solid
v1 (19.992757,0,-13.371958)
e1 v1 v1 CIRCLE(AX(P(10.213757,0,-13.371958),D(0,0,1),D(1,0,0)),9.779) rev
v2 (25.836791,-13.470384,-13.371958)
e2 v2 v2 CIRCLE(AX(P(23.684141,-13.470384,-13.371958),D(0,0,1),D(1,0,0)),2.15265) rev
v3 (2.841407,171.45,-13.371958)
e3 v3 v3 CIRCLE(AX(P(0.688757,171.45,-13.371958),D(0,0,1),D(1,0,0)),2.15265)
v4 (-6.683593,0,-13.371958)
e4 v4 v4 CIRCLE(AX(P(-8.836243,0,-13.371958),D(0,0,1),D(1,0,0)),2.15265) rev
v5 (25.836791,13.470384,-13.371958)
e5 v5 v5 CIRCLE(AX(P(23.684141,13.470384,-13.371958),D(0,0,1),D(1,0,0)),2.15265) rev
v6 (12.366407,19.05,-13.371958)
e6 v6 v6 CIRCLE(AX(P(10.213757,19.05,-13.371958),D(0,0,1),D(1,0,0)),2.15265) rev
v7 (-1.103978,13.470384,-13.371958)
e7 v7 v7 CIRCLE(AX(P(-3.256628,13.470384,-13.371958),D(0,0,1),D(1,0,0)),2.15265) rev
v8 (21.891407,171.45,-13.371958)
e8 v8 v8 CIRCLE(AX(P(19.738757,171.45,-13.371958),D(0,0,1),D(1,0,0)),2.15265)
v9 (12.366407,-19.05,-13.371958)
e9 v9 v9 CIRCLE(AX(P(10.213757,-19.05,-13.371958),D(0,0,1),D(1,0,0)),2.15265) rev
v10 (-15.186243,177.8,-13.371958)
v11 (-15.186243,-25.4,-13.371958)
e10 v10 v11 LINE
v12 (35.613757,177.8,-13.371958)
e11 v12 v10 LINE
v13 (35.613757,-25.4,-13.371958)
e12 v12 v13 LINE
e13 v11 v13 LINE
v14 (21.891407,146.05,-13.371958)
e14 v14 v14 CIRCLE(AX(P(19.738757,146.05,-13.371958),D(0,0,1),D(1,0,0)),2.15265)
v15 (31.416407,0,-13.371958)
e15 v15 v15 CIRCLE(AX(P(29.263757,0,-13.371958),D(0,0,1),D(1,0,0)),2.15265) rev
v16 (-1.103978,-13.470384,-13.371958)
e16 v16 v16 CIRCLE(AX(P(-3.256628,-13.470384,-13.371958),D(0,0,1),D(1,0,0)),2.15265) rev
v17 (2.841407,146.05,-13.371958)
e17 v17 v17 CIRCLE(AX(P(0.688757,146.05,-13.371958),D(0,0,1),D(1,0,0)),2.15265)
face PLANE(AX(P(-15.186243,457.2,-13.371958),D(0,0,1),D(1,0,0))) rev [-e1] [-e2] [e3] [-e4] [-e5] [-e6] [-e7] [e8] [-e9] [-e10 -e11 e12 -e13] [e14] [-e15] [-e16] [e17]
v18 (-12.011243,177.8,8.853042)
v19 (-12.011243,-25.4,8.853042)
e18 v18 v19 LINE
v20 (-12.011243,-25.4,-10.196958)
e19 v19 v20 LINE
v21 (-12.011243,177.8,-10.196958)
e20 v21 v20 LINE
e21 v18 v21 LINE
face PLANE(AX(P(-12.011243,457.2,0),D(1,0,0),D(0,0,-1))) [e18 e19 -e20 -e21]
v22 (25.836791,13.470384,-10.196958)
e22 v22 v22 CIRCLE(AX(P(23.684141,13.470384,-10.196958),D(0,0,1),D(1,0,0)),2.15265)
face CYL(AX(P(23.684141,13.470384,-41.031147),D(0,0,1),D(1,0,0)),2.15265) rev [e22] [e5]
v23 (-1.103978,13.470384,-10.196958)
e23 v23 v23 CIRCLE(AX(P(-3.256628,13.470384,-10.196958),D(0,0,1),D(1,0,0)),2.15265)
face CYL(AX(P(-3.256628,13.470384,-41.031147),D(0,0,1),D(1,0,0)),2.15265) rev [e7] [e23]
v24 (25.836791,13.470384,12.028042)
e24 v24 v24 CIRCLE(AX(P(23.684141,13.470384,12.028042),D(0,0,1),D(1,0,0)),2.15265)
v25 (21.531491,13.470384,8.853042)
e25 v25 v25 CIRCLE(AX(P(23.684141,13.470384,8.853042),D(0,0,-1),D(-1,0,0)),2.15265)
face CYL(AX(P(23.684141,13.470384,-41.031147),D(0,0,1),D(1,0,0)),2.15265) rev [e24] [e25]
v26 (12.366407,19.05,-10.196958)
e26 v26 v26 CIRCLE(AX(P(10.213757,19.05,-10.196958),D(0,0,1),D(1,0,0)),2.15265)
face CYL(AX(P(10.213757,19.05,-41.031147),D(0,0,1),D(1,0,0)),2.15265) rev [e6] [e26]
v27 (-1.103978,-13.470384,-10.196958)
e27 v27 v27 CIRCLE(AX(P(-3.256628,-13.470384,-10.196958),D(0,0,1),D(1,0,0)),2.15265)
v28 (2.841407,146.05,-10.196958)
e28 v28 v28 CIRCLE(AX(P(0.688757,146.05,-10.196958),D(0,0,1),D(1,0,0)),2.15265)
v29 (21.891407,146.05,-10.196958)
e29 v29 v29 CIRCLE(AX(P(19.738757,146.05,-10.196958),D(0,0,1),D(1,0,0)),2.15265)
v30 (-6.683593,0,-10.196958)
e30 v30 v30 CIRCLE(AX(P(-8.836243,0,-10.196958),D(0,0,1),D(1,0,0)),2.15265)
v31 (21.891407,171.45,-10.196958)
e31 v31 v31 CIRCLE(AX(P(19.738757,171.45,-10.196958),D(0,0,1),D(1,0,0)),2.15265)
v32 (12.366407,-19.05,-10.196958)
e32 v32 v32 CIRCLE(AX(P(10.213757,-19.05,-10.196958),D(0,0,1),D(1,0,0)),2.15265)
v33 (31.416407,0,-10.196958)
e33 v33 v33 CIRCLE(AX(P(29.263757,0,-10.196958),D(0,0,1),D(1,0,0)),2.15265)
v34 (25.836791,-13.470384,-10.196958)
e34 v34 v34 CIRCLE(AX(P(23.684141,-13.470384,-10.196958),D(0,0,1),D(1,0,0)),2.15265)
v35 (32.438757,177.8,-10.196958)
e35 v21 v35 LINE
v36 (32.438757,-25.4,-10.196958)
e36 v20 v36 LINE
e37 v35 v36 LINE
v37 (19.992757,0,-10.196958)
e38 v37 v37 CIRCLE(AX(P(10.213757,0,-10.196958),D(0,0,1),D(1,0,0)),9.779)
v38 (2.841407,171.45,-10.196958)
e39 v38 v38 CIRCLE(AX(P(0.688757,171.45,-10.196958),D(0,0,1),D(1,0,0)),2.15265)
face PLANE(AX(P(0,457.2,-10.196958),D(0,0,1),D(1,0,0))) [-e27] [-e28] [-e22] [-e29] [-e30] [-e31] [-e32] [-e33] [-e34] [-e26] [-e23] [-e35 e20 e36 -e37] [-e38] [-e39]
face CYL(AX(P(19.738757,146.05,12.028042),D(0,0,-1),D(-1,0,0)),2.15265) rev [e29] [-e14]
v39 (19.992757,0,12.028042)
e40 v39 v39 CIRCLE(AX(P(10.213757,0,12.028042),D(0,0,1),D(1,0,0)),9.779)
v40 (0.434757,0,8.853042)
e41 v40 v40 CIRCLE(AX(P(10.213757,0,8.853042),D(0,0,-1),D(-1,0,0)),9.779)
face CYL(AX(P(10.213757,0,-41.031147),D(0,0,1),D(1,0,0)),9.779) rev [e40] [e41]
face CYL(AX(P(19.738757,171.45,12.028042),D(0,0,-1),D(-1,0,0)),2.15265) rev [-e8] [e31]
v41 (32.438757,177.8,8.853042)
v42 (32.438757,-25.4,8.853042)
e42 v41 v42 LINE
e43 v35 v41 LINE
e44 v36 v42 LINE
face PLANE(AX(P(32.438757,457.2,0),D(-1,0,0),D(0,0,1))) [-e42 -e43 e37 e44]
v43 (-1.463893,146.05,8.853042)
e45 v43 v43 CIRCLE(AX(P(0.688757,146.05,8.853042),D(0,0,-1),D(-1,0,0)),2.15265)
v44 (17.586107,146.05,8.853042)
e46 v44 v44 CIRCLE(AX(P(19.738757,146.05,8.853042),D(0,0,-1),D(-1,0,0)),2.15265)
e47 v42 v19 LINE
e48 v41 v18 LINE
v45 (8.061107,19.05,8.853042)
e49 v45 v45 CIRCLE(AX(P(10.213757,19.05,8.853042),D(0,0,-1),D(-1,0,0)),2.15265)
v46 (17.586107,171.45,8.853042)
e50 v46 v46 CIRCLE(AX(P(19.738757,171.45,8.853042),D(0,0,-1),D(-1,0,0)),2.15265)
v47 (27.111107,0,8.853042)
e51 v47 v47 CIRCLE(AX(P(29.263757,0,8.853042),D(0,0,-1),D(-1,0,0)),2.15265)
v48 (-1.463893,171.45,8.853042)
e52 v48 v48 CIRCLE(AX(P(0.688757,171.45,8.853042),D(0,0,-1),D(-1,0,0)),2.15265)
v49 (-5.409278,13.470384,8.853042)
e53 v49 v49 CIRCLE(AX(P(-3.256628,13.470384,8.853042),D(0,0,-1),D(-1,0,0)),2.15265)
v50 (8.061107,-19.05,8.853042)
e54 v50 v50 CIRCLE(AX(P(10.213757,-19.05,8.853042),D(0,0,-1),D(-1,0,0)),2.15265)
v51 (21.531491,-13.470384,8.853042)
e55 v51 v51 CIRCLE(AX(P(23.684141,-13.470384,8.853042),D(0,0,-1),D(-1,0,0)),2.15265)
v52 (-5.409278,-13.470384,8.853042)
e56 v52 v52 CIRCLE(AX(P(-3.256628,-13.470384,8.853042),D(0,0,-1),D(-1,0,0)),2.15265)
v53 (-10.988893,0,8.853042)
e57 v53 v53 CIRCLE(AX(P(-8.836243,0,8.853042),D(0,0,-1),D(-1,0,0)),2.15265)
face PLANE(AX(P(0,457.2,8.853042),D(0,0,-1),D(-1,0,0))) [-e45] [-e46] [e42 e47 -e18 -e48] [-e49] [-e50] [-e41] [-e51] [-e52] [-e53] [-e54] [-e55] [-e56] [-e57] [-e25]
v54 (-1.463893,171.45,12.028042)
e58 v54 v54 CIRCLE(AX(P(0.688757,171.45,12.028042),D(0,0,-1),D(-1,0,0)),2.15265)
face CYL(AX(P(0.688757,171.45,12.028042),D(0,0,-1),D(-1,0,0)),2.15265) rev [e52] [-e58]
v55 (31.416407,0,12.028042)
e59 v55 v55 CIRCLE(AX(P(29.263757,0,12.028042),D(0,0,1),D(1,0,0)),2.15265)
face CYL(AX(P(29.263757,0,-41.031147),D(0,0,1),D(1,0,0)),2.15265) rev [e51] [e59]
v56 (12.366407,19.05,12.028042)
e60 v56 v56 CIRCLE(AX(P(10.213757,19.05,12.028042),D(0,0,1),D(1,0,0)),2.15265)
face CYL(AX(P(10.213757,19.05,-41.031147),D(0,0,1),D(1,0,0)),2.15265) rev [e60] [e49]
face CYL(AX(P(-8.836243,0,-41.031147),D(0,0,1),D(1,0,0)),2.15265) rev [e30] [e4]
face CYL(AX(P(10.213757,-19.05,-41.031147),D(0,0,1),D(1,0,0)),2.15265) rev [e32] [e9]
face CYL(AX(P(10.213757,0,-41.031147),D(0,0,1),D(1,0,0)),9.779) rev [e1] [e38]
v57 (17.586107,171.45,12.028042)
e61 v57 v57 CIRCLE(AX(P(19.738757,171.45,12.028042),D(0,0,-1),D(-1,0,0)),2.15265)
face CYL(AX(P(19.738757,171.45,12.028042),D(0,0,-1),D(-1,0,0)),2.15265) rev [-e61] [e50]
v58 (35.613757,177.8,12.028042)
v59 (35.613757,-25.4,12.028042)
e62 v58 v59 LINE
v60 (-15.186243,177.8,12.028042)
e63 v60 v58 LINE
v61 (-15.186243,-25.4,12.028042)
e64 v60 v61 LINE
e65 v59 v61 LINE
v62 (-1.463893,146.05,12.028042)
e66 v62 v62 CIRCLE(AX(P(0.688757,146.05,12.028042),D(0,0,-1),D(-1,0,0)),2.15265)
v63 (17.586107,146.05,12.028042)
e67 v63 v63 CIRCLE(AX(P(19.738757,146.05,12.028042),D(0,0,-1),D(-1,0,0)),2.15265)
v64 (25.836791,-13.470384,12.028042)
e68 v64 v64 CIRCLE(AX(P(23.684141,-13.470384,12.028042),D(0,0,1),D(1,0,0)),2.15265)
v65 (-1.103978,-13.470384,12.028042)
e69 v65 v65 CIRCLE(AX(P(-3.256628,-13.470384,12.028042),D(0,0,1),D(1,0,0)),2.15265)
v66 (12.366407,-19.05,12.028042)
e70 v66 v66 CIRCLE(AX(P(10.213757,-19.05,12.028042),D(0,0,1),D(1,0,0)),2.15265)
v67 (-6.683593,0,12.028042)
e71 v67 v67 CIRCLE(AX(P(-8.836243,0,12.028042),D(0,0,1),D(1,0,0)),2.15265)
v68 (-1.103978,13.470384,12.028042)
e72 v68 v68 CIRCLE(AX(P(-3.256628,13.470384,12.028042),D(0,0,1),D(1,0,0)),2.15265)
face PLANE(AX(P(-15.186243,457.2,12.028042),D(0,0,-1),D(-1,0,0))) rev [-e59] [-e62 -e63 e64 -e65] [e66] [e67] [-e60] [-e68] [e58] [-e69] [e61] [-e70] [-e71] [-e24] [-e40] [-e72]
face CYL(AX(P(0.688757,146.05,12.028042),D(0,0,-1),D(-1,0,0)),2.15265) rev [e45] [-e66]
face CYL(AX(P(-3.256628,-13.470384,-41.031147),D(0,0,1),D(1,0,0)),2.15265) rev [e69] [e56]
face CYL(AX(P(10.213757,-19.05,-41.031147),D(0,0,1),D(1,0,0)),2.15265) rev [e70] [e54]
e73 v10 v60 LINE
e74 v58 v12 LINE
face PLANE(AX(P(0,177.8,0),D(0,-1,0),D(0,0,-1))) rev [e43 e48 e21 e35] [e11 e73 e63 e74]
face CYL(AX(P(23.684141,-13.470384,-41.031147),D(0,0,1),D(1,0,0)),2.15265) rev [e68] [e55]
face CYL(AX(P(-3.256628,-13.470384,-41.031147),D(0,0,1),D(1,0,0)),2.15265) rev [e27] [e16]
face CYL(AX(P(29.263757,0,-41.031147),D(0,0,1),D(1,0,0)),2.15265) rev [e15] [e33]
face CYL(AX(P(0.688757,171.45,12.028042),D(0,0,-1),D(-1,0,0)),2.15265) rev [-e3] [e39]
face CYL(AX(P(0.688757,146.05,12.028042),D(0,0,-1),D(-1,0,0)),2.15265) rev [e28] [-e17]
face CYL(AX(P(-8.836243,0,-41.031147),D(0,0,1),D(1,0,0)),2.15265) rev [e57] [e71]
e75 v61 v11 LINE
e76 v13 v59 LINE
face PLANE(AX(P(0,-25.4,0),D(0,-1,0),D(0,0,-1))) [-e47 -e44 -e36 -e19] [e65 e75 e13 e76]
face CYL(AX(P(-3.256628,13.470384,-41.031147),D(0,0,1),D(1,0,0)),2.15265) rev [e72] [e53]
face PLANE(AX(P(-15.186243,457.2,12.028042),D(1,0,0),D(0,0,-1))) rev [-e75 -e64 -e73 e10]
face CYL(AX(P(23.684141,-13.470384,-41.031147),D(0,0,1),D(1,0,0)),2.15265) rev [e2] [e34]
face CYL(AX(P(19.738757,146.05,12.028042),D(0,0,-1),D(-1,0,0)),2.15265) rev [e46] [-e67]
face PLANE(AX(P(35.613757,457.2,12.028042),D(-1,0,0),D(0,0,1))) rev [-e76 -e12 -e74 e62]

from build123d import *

# Parameters (mm, degrees)
SKETCH2_W                = 50.8
SKETCH2_H                = 25.4
SKETCH2_W_2              = 44.45
SKETCH2_H_2              = 19.05
EXTRUDE_THIN1_DEPTH      = 457.2
SKETCH25_W               = 50.8
SKETCH25_H               = 25.4
SKETCH25_W_2             = 44.45
SKETCH25_H_2             = 19.05
BOSS_EXTRUDE14_DEPTH     = 25.4
SKETCH29_W               = 50.8
SKETCH29_H               = 25.4
SKETCH29_W_2             = 44.45
SKETCH29_H_2             = 19.05
CUT_EXTRUDE10_DEPTH      = 203.2
SKETCH34_R               = 9.779
SKETCH34_R_2             = 2.15265
CUT_EXTRUDE15_DEPTH      = 25.4
SKETCH35_W               = 50.8
SKETCH35_H               = 25.4
CUT_EXTRUDE16_DEPTH      = 76.2
SKETCH31_R               = 2.15265
CUT_EXTRUDE12_DEPTH      = 1
CUT_EXTRUDE12_DEPTH_BACK = 26.4


with BuildPart() as part:
    # Sketch2 → Extrude-Thin1 (new body)
    with BuildSketch(Plane(origin=(0, 0, 0), x_dir=(1, 0, 0), z_dir=(0, 1, 0))):
        with Locations((10.213756614, 0.671957672)):
            Rectangle(SKETCH2_W, SKETCH2_H)
        with Locations((10.213756614, 0.671957672)):
            Rectangle(SKETCH2_W_2, SKETCH2_H_2, mode=Mode.SUBTRACT)
    extrude(amount=EXTRUDE_THIN1_DEPTH)

    # Sketch25 → Boss-Extrude14 (add)
    with BuildSketch(Plane.XZ):
        with Locations((10.213756614, -0.671957672)):
            Rectangle(SKETCH25_W, SKETCH25_H)
        with Locations((10.213756614, -0.671957672)):
            Rectangle(SKETCH25_W_2, SKETCH25_H_2, mode=Mode.SUBTRACT)
    extrude(amount=BOSS_EXTRUDE14_DEPTH)

    # Sketch29 → Cut-Extrude10 (cut)
    with BuildSketch(Plane(origin=(0, 457.2, 0), x_dir=(1, 0, 0), z_dir=(0, 1, 0))):
        with Locations((10.213756614, 0.671957672)):
            Rectangle(SKETCH29_W, SKETCH29_H)
        with Locations((10.213756614, 0.671957672)):
            Rectangle(SKETCH29_W_2, SKETCH29_H_2, mode=Mode.SUBTRACT)
    extrude(amount=-CUT_EXTRUDE10_DEPTH, mode=Mode.SUBTRACT)

    # Sketch34 → Cut-Extrude15 (cut)
    with BuildSketch(Plane.XY.offset(12.028042328)):
        with Locations((10.213756614, 0)):
            Circle(SKETCH34_R)
        with Locations((29.263756614, 0)):
            Circle(SKETCH34_R_2)
        with Locations((23.684140795, 13.470384182)):
            Circle(SKETCH34_R_2)
        with Locations((10.213756614, 19.05)):
            Circle(SKETCH34_R_2)
        with Locations((-3.256627568, 13.470384182)):
            Circle(SKETCH34_R_2)
        with Locations((-8.836243386, 0)):
            Circle(SKETCH34_R_2)
        with Locations((-3.256627568, -13.470384182)):
            Circle(SKETCH34_R_2)
        with Locations((10.213756614, -19.05)):
            Circle(SKETCH34_R_2)
        with Locations((23.684140795, -13.470384182)):
            Circle(SKETCH34_R_2)
    extrude(amount=-CUT_EXTRUDE15_DEPTH, mode=Mode.SUBTRACT)

    # Sketch35 → Cut-Extrude16 (cut)
    with BuildSketch(Plane(origin=(0, 254, 0), x_dir=(1, 0, 0), z_dir=(0, 1, 0))):
        with Locations((10.213756614, 0.671957672)):
            Rectangle(SKETCH35_W, SKETCH35_H)
    extrude(amount=-CUT_EXTRUDE16_DEPTH, mode=Mode.SUBTRACT)

    # Sketch31 → Cut-Extrude12 (cut, two sides)
    with BuildSketch(Plane(origin=(0, 0, -13.371957672), x_dir=(-1, 0, 0), z_dir=(0, 0, -1))) as cut_extrude12_sk:
        with Locations((-19.738756614, 146.05)):
            Circle(SKETCH31_R)
        with Locations((-0.688756614, 146.05)):
            Circle(SKETCH31_R)
        with Locations((-19.738756614, 171.45)):
            Circle(SKETCH31_R)
        with Locations((-0.688756614, 171.45)):
            Circle(SKETCH31_R)
    extrude(amount=CUT_EXTRUDE12_DEPTH, mode=Mode.SUBTRACT)
    extrude(cut_extrude12_sk.sketch, amount=-CUT_EXTRUDE12_DEPTH_BACK, mode=Mode.SUBTRACT)


solid = part.part
